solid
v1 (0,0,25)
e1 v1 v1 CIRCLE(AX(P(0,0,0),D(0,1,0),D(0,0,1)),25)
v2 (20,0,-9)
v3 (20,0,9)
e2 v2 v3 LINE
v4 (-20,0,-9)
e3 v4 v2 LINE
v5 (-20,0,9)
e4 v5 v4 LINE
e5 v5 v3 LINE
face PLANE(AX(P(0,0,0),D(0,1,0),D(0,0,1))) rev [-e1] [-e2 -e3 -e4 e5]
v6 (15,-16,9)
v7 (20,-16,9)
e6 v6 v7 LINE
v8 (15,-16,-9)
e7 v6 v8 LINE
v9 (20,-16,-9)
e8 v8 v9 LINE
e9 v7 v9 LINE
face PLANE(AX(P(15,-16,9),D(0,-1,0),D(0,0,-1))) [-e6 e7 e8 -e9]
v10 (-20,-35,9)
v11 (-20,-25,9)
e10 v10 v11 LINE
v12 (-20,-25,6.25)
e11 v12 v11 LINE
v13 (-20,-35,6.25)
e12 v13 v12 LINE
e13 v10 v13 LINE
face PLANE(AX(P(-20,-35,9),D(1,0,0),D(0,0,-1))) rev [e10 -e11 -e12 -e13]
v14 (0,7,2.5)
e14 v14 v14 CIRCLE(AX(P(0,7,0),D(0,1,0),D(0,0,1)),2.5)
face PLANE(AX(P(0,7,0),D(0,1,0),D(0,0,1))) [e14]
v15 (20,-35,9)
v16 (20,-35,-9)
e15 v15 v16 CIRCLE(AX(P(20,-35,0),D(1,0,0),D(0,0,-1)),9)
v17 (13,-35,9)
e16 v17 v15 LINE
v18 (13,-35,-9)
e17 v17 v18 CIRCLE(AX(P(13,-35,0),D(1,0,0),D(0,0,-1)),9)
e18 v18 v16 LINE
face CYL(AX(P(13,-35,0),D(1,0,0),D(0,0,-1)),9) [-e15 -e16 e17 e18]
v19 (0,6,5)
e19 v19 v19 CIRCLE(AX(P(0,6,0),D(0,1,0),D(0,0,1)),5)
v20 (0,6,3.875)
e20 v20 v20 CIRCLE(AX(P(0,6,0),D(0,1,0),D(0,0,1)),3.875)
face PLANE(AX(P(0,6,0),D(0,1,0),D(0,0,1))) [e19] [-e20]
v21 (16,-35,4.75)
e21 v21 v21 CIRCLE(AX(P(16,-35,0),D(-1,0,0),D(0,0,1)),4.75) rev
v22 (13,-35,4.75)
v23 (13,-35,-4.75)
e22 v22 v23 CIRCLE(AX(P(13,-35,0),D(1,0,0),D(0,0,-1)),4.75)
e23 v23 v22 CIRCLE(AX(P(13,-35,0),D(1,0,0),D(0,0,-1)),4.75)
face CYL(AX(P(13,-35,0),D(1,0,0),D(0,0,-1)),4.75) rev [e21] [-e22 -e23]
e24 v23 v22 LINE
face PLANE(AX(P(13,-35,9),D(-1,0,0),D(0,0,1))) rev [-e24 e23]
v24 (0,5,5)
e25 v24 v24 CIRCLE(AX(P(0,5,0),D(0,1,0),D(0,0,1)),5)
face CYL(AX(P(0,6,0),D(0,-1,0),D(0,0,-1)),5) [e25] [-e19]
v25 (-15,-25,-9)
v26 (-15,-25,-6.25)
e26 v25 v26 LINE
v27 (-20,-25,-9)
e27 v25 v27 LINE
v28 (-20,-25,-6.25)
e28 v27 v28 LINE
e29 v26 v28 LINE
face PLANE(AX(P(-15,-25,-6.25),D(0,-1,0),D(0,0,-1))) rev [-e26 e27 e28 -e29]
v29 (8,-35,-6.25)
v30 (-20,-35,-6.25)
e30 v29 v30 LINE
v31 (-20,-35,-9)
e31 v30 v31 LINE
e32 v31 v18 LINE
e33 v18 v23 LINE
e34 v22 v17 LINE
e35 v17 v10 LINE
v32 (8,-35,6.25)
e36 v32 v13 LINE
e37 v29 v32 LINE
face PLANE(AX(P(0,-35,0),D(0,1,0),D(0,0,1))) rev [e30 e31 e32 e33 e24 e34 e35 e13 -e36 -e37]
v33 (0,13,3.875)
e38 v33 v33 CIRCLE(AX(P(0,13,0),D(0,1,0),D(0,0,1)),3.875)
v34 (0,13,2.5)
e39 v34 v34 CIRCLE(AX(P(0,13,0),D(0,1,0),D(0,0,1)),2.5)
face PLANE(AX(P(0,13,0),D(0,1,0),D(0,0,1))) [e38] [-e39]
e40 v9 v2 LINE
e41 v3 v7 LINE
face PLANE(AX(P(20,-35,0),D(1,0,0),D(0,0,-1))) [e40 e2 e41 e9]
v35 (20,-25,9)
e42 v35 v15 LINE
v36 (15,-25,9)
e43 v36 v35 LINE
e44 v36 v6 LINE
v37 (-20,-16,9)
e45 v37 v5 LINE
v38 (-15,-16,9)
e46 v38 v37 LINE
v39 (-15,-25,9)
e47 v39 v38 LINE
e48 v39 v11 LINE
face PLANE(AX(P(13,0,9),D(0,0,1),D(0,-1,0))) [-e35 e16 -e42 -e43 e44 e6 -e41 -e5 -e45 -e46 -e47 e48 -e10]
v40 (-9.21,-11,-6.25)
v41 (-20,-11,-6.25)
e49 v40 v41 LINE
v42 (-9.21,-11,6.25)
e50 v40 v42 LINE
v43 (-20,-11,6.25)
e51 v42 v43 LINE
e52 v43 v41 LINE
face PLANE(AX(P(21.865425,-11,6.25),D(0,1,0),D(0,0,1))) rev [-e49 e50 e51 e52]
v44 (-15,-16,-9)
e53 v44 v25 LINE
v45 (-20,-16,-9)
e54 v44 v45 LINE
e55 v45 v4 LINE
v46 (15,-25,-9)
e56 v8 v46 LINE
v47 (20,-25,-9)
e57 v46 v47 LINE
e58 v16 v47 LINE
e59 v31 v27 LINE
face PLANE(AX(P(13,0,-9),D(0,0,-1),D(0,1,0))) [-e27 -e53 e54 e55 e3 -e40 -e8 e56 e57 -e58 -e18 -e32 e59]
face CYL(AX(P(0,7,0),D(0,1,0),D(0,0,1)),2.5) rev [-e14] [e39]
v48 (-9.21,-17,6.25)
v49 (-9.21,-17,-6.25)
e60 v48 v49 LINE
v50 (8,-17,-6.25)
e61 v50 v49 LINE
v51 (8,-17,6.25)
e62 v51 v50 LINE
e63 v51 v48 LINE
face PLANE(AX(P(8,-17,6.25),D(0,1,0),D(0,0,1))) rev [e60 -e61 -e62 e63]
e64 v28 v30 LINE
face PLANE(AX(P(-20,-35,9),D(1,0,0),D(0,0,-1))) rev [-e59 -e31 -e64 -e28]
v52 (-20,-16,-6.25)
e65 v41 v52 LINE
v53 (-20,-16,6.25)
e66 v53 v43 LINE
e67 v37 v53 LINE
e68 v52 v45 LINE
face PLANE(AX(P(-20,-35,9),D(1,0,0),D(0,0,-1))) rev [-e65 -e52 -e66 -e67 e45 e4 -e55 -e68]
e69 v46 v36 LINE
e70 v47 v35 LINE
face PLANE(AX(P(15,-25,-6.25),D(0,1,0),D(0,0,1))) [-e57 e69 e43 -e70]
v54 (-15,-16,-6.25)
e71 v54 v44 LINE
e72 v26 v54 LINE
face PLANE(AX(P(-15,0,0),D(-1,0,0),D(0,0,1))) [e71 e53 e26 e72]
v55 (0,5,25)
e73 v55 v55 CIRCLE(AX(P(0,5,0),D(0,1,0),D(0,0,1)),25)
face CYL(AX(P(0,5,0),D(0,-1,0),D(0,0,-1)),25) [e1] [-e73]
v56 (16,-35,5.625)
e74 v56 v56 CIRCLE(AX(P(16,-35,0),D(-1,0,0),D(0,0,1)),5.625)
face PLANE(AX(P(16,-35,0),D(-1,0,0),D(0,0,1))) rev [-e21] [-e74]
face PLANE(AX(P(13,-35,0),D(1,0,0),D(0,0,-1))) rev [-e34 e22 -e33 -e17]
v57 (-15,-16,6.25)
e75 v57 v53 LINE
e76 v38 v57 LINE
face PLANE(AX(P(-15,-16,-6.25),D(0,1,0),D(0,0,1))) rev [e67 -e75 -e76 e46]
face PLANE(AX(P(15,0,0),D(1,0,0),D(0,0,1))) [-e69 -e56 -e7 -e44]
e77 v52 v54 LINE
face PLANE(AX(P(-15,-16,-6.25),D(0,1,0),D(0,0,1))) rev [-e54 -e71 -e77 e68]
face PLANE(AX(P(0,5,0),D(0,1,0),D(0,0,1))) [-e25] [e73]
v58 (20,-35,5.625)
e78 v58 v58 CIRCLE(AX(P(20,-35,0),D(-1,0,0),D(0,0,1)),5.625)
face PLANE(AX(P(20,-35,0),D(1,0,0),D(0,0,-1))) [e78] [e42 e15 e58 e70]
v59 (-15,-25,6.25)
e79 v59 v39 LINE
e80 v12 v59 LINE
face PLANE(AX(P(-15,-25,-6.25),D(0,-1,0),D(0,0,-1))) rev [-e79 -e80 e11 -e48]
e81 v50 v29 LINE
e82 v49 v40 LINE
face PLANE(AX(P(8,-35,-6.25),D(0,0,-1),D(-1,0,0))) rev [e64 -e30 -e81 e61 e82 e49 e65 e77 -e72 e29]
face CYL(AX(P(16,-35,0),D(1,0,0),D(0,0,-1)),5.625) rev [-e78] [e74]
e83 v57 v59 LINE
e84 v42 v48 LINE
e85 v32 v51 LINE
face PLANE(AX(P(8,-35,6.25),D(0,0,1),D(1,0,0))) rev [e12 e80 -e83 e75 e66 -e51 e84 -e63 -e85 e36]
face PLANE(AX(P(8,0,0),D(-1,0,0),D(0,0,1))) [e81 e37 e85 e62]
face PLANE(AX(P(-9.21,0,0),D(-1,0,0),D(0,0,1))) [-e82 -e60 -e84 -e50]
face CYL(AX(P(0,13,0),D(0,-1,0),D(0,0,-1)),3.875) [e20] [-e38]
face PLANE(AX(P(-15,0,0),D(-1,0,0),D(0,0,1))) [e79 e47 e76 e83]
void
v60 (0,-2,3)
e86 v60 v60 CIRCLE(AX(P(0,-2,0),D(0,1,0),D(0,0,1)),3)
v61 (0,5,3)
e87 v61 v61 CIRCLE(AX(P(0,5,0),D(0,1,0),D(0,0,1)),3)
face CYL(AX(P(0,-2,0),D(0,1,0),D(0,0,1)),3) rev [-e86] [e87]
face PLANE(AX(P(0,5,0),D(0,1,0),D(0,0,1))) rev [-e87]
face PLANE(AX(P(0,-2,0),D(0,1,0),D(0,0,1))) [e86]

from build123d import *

# Parameters (mm, degrees)
SKETCH1_R           = 25
BOSS_EXTRUDE1_DEPTH = 5
SKETCH8_R           = 4.75
BOSS_EXTRUDE3_DEPTH = 7
SKETCH9_R           = 5.625
CUT_EXTRUDE3_DEPTH  = 4
SKETCH11_W          = 33
SKETCH11_H          = 18
BOSS_EXTRUDE4_DEPTH = 35
SKETCH12_W          = 12.5
SKETCH12_H          = 18
CUT_EXTRUDE4_DEPTH  = 28
SKETCH13_W          = 12.5
SKETCH13_H          = 6
CUT_EXTRUDE6_DEPTH  = 10.79
CUT_EXTRUDE8_DEPTH  = 5
SKETCH16_R          = 5
BOSS_EXTRUDE5_DEPTH = 1
SKETCH17_R          = 3.875
BOSS_EXTRUDE6_DEPTH = 7
SKETCH18_R          = 2.5
CUT_EXTRUDE9_DEPTH  = 6
SKETCH14_R          = 3
CUT_EXTRUDE7_DEPTH  = 7


with BuildPart() as part:
    # Sketch1 → Boss-Extrude1 (new body)
    with BuildSketch(Plane(origin=(0, 0, 0), x_dir=(1, 0, 0), z_dir=(0, 1, 0))):
        with Locations(Location((0, 0, 0), (0, 0, 270))):
            Circle(SKETCH1_R)
    extrude(amount=BOSS_EXTRUDE1_DEPTH)

    # Sketch8 → Boss-Extrude3 (add)
    with BuildSketch(Plane(origin=(20, 0, 0), x_dir=(0, 0, -1), z_dir=(1, 0, 0))):
        with BuildLine():
            Line((-9, 0), (-9, -35))
            ThreePointArc((-9, -35), (0, -44), (9, -35))
            Line((9, -35), (9, 0))
            Line((9, 0), (-9, 0))
        make_face()
        with Locations((0, -35)):
            Circle(SKETCH8_R, mode=Mode.SUBTRACT)
    extrude(amount=-BOSS_EXTRUDE3_DEPTH)

    # Sketch9 → Cut-Extrude3 (cut)
    with BuildSketch(Plane.ZY.offset(-20)):
        with Locations((0, -35)):
            Circle(SKETCH9_R)
    extrude(amount=CUT_EXTRUDE3_DEPTH, mode=Mode.SUBTRACT)

    # Sketch11 → Boss-Extrude4 (add)
    with BuildSketch(Plane(origin=(0, 0, 0), x_dir=(-1, 0, 0), z_dir=(0, -1, 0))):
        with Locations((3.5, 0)):
            Rectangle(SKETCH11_W, SKETCH11_H)
    extrude(amount=BOSS_EXTRUDE4_DEPTH)

    # Sketch12 → Cut-Extrude4 (cut)
    with BuildSketch(Plane.ZY.offset(20)):
        with Locations((0, -26)):
            Rectangle(SKETCH12_W, SKETCH12_H)
    extrude(amount=-CUT_EXTRUDE4_DEPTH, mode=Mode.SUBTRACT)

    # Sketch13 → Cut-Extrude6 (cut)
    with BuildSketch(Plane.ZY.offset(20)):
        with Locations((0, -14)):
            Rectangle(SKETCH13_W, SKETCH13_H)
    extrude(amount=-CUT_EXTRUDE6_DEPTH, mode=Mode.SUBTRACT)

    # Sketch15 → Cut-Extrude8 (cut)
    with BuildSketch(Plane.ZY.offset(20)):
        Polygon((-6.25, -25), (-9, -25), (-9, -16), (-6.25, -16), (9, -16), (9, -25), align=None)
    cut_extrude8 = extrude(amount=-CUT_EXTRUDE8_DEPTH, mode=Mode.SUBTRACT)

    # Mirror1: Cut-Extrude8 across plane
    add(cut_extrude8.mirror(Plane.ZY), mode=Mode.SUBTRACT)

    # Sketch16 → Boss-Extrude5 (add)
    with BuildSketch(Plane(origin=(0, 5, 0), x_dir=(1, 0, 0), z_dir=(0, 1, 0))):
        with Locations(Location((0, 0, 0), (0, 0, 270))):
            Circle(SKETCH16_R)
    extrude(amount=BOSS_EXTRUDE5_DEPTH)

    # Sketch17 → Boss-Extrude6 (add)
    with BuildSketch(Plane(origin=(0, 6, 0), x_dir=(1, 0, 0), z_dir=(0, 1, 0))):
        with Locations(Location((0, 0, 0), (0, 0, 270))):
            Circle(SKETCH17_R)
    extrude(amount=BOSS_EXTRUDE6_DEPTH)

    # Sketch18 → Cut-Extrude9 (cut)
    with BuildSketch(Plane(origin=(0, 13, 0), x_dir=(1, 0, 0), z_dir=(0, 1, 0))):
        with Locations(Location((0, 0, 0), (0, 0, 270))):
            Circle(SKETCH18_R)
    extrude(amount=-CUT_EXTRUDE9_DEPTH, mode=Mode.SUBTRACT)

    # Sketch14 → Cut-Extrude7 (cut)
    with BuildSketch(Plane(origin=(0, 5, 0), x_dir=(1, 0, 0), z_dir=(0, 1, 0))):
        with Locations(Location((0, 0, 0), (0, 0, 270))):
            Circle(SKETCH14_R)
    extrude(amount=-CUT_EXTRUDE7_DEPTH, mode=Mode.SUBTRACT)


solid = part.part
